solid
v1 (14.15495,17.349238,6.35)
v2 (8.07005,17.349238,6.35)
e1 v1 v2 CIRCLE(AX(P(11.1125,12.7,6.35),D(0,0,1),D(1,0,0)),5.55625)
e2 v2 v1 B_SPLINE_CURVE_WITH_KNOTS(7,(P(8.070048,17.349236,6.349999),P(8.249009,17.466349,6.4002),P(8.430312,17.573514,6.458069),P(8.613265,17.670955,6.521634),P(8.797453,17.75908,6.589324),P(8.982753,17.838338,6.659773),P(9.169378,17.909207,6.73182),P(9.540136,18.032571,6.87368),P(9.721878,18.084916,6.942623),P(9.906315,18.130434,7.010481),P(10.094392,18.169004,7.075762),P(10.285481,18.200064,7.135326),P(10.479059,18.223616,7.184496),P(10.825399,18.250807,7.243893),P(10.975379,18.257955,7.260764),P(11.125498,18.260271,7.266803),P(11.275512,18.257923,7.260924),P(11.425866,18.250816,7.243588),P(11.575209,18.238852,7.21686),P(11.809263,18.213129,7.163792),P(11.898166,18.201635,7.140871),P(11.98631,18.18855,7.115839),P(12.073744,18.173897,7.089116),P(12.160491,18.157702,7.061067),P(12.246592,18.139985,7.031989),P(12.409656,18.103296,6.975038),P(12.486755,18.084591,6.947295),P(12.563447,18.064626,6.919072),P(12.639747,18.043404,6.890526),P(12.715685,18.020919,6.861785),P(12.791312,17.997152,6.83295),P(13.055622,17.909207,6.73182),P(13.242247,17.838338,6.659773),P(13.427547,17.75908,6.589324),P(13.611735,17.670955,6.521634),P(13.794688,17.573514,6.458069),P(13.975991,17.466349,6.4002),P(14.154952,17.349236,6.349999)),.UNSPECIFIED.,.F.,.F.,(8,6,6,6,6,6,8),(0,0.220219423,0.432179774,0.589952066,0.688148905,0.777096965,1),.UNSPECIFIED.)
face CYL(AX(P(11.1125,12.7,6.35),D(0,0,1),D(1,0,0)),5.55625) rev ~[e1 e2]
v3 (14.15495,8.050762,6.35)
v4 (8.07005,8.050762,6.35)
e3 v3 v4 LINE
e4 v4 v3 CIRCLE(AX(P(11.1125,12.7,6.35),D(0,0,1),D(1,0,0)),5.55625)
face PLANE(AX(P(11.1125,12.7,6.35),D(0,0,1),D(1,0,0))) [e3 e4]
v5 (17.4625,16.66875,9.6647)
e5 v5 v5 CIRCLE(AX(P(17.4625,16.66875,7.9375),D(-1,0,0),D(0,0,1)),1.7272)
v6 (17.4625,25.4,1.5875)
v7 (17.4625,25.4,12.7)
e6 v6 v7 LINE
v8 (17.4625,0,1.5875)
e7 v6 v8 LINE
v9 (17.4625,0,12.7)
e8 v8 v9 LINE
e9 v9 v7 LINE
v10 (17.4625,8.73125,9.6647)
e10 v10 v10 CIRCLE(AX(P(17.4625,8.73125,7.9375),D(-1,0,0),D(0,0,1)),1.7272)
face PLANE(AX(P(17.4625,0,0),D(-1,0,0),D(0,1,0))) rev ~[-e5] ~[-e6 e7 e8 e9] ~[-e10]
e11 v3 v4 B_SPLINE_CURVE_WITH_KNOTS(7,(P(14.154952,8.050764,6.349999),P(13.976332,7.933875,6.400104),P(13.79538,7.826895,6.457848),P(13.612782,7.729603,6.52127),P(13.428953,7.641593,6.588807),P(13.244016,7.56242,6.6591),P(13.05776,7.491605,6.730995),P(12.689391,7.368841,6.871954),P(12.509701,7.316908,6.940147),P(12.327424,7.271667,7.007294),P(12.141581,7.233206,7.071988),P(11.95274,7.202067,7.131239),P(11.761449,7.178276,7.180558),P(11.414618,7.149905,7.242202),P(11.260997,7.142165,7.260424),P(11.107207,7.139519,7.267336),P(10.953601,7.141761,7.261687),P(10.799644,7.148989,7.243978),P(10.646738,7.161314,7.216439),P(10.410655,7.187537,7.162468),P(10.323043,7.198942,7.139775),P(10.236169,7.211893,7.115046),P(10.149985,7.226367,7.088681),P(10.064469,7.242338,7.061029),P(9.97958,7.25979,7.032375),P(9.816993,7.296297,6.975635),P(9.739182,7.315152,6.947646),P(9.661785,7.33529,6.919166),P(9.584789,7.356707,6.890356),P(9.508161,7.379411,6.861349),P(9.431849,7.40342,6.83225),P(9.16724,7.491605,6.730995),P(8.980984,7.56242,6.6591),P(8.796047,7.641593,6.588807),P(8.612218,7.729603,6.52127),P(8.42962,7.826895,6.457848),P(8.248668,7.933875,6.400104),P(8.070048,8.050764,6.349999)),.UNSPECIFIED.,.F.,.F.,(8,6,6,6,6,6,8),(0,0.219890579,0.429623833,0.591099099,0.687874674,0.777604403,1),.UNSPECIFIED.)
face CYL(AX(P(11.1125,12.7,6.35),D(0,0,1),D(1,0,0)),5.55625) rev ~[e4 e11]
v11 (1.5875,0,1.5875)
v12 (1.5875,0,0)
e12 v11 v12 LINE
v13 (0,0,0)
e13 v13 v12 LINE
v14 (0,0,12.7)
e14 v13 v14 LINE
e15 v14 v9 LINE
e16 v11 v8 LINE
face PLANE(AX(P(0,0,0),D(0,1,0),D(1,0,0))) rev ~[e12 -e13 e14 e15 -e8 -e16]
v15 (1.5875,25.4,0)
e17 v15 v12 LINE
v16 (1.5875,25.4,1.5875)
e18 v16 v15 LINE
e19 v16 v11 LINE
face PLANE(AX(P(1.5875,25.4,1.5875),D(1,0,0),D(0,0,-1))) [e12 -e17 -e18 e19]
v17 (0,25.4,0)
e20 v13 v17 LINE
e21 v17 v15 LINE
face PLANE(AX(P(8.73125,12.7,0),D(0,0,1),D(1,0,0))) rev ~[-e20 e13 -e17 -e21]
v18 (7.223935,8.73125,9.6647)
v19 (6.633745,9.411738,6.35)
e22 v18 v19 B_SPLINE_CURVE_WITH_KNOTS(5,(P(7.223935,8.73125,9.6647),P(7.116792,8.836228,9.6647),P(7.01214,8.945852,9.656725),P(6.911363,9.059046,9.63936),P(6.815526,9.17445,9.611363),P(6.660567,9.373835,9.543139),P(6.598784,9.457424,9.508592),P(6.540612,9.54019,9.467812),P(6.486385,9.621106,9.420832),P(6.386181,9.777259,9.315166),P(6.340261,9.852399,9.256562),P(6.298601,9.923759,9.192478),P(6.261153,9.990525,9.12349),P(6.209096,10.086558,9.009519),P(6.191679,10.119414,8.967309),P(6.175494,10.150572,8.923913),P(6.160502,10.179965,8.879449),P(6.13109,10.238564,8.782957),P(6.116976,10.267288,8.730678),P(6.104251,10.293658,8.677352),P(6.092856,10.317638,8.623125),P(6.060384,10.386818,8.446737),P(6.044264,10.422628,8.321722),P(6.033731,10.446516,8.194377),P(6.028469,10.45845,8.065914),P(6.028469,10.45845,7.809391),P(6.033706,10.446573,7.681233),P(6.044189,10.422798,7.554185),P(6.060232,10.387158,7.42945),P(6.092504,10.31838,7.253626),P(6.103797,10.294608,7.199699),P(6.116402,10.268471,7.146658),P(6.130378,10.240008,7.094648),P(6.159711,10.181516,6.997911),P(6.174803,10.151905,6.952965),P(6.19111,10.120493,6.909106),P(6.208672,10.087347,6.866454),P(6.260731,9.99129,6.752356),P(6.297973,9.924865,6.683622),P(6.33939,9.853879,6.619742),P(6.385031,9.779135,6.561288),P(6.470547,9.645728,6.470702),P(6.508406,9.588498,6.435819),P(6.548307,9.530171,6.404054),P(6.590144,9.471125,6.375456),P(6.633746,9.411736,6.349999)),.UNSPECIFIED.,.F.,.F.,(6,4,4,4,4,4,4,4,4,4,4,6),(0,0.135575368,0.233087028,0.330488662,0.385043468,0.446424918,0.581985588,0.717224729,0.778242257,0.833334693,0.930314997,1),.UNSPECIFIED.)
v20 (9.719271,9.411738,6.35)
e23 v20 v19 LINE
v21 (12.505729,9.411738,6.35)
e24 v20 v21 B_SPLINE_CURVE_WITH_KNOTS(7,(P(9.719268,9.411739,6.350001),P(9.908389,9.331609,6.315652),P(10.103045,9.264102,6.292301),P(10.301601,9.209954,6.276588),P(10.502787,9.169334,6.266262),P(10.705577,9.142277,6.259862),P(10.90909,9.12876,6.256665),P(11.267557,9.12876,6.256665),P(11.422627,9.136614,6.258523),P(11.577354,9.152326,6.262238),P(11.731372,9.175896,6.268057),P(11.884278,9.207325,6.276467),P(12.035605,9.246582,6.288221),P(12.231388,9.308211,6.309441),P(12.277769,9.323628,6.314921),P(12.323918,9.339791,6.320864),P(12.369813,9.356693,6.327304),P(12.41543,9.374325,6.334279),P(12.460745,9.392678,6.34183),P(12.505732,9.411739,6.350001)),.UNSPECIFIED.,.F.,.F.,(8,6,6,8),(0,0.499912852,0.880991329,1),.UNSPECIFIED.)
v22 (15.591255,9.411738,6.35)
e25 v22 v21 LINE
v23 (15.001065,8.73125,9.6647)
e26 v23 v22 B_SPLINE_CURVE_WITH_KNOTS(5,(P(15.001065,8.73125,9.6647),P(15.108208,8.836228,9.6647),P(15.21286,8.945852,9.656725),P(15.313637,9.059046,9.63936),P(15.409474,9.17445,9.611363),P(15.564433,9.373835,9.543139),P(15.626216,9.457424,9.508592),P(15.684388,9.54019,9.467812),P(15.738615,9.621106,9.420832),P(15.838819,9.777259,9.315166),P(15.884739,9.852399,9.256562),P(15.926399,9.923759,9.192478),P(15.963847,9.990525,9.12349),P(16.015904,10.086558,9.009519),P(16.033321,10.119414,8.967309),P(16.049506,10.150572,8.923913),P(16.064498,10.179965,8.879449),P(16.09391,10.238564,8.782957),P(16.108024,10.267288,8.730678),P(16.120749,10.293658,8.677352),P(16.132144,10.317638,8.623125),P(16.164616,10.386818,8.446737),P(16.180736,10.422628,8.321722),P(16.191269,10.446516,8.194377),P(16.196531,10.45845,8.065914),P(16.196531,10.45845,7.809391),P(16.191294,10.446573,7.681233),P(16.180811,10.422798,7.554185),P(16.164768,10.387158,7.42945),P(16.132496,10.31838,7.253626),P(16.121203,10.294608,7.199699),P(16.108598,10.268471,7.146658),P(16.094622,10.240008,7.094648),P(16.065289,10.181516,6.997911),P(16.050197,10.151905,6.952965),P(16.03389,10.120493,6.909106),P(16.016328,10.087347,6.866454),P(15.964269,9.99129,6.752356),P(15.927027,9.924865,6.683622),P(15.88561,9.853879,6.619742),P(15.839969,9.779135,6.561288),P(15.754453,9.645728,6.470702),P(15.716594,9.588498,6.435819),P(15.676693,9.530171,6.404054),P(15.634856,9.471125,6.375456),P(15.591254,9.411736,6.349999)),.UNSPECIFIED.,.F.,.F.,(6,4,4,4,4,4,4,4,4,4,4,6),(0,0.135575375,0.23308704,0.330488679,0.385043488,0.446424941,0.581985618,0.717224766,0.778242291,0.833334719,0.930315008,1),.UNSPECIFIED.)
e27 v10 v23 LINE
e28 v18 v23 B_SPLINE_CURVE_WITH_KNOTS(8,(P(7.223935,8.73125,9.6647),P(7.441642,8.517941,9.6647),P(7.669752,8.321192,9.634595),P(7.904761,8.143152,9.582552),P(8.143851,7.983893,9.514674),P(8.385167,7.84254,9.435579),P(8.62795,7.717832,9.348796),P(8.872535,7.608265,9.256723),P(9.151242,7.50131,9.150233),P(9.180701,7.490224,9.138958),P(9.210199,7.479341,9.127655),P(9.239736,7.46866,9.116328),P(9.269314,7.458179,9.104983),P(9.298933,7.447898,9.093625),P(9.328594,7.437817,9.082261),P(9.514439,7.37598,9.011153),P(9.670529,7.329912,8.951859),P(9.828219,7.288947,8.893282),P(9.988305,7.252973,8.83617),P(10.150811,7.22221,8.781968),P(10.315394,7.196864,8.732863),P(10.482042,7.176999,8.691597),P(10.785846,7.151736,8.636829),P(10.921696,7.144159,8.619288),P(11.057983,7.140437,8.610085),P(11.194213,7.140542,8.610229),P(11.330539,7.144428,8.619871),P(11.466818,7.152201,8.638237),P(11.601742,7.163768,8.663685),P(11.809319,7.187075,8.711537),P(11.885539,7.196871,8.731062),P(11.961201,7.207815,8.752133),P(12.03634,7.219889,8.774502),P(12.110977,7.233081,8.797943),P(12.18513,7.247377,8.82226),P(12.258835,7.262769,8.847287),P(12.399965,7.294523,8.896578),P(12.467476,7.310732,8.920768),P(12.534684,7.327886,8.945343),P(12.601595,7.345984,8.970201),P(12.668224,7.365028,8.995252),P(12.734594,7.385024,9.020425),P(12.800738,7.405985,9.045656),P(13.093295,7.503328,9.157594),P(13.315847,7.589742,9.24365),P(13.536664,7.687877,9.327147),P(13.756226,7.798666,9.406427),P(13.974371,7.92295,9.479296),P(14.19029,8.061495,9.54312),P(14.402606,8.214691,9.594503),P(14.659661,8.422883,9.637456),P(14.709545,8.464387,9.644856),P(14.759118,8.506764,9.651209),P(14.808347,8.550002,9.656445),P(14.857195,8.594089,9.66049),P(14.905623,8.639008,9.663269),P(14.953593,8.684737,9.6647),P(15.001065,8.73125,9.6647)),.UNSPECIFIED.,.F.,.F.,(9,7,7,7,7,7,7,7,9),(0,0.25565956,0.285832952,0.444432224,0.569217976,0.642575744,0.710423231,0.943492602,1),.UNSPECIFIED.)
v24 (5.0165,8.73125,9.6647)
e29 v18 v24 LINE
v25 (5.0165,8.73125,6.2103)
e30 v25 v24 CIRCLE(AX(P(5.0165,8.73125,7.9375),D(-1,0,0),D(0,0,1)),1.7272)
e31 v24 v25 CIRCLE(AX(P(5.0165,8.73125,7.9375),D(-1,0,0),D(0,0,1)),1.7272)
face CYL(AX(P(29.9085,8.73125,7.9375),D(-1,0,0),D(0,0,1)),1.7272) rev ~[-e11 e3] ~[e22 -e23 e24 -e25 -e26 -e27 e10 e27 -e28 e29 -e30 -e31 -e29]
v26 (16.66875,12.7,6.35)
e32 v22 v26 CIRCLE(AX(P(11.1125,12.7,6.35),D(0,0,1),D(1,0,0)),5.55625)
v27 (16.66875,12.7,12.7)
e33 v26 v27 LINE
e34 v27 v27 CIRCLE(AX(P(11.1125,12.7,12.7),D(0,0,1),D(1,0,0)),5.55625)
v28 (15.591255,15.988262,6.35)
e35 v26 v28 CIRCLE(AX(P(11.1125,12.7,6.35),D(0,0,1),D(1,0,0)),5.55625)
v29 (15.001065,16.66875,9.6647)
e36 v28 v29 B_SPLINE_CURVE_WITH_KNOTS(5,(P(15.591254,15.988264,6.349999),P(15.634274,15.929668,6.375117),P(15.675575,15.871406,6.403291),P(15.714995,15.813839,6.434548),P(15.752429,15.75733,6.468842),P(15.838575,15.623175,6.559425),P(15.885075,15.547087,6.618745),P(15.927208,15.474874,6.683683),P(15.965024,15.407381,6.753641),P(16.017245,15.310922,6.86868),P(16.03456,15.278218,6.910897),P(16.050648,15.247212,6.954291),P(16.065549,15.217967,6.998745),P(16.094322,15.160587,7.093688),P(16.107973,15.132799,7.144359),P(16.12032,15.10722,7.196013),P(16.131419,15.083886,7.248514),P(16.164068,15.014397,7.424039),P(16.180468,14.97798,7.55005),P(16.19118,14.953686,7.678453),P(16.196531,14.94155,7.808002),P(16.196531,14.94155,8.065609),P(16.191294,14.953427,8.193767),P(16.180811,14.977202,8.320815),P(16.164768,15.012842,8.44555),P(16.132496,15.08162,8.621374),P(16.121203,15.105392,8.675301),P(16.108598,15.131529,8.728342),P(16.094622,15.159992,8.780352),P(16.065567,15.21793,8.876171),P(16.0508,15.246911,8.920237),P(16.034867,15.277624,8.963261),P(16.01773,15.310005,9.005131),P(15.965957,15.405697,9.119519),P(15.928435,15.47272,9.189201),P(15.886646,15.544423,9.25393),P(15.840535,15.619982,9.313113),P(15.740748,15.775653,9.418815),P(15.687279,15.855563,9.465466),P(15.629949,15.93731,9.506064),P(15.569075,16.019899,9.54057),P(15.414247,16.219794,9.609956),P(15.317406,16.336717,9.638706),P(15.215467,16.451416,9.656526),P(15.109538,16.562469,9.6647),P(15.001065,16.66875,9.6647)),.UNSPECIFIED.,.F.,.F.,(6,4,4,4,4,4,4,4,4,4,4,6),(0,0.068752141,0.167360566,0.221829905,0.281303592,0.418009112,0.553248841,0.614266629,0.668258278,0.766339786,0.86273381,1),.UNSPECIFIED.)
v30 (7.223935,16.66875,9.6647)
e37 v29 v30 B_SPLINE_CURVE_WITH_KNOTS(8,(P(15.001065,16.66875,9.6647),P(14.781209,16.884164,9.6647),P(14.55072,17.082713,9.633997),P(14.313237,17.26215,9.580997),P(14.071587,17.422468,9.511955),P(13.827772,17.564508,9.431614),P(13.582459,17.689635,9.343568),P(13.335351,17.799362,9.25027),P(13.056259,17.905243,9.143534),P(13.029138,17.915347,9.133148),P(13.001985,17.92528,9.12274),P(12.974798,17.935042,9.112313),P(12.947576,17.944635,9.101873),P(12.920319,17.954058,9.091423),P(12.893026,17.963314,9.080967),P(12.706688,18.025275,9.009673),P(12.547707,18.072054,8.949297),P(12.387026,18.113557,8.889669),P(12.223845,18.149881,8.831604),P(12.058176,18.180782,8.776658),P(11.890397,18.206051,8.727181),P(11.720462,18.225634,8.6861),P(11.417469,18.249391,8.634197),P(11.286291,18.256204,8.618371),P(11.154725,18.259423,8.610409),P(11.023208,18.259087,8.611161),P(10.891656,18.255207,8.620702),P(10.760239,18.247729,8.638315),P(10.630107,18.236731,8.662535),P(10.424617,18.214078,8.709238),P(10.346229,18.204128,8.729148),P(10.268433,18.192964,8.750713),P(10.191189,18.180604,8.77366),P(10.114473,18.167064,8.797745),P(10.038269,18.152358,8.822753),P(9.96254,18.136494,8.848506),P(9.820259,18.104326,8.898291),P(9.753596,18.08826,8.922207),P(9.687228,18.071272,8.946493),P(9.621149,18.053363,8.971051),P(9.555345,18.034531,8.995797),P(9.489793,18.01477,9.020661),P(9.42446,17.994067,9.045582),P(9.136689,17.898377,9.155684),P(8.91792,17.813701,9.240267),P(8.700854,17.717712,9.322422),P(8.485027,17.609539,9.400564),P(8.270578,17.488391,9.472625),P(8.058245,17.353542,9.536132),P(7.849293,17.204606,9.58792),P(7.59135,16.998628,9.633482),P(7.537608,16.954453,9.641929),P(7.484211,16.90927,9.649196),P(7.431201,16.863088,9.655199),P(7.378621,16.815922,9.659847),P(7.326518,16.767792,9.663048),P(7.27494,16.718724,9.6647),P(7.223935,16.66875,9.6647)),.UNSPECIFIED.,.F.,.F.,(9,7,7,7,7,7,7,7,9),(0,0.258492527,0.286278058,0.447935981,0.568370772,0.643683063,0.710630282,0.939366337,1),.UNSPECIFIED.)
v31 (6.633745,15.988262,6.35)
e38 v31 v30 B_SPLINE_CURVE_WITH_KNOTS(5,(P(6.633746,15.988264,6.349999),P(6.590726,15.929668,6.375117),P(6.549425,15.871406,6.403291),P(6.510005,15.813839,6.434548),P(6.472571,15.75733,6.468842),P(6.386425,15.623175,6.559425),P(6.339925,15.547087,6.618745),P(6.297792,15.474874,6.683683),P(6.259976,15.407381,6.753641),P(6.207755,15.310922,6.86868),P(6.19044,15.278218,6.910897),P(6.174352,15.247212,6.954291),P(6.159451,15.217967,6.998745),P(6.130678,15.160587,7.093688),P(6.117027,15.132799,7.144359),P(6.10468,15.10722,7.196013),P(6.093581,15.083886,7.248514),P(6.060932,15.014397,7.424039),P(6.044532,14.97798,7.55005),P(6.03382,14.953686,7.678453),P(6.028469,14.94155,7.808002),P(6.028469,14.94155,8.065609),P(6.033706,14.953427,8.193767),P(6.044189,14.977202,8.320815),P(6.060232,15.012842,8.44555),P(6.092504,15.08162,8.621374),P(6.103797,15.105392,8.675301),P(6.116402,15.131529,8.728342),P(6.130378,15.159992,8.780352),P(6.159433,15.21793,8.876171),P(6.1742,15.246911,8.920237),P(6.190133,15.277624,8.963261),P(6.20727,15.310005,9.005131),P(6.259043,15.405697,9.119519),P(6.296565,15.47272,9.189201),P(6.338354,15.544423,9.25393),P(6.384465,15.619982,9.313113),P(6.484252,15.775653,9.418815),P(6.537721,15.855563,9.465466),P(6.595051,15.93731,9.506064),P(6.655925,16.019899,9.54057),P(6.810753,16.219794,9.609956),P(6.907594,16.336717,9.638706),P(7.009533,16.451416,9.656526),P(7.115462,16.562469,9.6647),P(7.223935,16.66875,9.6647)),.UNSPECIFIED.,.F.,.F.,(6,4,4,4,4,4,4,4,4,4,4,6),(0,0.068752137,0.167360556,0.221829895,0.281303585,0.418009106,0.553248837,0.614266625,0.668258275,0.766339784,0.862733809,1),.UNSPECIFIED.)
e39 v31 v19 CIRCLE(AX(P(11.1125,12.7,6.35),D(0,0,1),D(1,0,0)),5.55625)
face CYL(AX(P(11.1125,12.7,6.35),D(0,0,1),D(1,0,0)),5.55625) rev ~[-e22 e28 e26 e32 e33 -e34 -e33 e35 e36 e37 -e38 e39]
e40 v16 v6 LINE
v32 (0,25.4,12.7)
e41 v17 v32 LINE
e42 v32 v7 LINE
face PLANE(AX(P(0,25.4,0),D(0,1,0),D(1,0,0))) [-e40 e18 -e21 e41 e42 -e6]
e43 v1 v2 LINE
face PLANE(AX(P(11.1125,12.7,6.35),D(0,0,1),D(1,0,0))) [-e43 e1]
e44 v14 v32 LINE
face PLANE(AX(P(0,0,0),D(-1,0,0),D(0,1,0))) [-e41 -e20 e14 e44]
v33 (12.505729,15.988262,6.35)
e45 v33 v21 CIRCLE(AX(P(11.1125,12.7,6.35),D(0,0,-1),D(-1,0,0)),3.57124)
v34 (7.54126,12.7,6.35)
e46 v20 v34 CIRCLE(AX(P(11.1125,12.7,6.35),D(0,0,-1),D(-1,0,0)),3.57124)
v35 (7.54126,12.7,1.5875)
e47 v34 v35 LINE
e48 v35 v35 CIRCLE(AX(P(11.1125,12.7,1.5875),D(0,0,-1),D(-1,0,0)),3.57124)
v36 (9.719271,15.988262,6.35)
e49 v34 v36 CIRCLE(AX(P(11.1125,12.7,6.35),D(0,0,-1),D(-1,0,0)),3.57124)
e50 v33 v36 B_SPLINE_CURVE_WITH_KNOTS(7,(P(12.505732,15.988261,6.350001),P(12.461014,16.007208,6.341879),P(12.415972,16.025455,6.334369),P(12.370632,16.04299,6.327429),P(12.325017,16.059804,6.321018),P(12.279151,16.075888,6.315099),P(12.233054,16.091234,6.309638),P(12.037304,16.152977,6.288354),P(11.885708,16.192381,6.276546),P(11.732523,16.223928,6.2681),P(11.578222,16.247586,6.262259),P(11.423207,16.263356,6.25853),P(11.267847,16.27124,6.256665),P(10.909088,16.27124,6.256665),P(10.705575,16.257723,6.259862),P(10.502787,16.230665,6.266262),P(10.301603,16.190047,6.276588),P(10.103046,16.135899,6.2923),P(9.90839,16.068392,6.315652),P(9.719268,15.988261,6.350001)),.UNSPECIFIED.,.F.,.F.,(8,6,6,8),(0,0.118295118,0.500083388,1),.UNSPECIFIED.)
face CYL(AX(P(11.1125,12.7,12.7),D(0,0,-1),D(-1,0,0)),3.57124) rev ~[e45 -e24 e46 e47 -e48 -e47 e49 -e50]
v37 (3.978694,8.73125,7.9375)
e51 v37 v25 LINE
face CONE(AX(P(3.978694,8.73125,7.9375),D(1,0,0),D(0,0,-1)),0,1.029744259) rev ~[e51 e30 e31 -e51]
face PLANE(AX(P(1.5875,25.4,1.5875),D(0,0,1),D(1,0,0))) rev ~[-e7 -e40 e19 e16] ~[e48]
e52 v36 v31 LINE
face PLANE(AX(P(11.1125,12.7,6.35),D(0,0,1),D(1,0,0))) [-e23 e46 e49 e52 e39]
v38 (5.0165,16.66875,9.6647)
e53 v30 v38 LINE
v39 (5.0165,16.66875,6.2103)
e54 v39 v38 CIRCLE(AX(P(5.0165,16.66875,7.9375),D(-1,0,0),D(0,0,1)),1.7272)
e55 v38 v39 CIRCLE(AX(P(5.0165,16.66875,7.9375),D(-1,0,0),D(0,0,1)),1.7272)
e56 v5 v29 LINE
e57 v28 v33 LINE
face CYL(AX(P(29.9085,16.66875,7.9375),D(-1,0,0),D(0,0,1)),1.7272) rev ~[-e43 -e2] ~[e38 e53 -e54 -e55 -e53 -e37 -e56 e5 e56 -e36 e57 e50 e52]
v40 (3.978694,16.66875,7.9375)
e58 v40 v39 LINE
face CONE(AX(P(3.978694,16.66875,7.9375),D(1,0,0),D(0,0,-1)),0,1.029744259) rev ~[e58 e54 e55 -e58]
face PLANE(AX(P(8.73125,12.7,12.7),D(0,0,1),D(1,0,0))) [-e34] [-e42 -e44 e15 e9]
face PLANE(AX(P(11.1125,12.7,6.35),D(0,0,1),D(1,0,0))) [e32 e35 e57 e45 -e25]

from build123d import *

# Parameters (mm, degrees)
SKETCH1_W                                        = 17.4625
SKETCH1_H                                        = 25.4
BOSS_EXTRUDE1_DEPTH                              = 12.7
SKETCH2_W                                        = 15.875
SKETCH2_H                                        = 1.5875
CUT_EXTRUDE1_DEPTH                               = 34.3375
F_8_32_TAPPED_HOLE1_D                            = 3.4544
F_8_32_TAPPED_HOLE1_DEPTH                        = 12.446
F_8_32_TAPPED_HOLE1_TIP                          = 1.037806461
CBORE_FOR_1_4_SOCKET_HEAD_CAP_SCREW1_D           = 7.14248
CBORE_FOR_1_4_SOCKET_HEAD_CAP_SCREW1_CBORE_D     = 11.1125
CBORE_FOR_1_4_SOCKET_HEAD_CAP_SCREW1_CBORE_DEPTH = 6.35


with BuildPart() as part:
    # Sketch1 → Boss-Extrude1 (new body)
    with BuildSketch(Plane.XY):
        with Locations((8.73125, 12.7)):
            Rectangle(SKETCH1_W, SKETCH1_H)
    extrude(amount=BOSS_EXTRUDE1_DEPTH)

    # Sketch2 → Cut-Extrude1 (cut, through all)
    with BuildSketch(Plane(origin=(0, 25.4, 0), x_dir=(1, 0, 0), z_dir=(0, 1, 0))):
        with Locations((9.525, -0.79375)):
            Rectangle(SKETCH2_W, SKETCH2_H)
    extrude(amount=-CUT_EXTRUDE1_DEPTH, mode=Mode.SUBTRACT)

    # #8-32 Tapped Hole1
    with Locations(Plane(origin=(17.4625, 0, 0), x_dir=(0, 0, -1), z_dir=(1, 0, 0))):
        with Locations((-7.9375, 16.66875), (-7.9375, 8.73125)):
            Hole(F_8_32_TAPPED_HOLE1_D / 2, depth=F_8_32_TAPPED_HOLE1_DEPTH)
            with Locations((0, 0, -(F_8_32_TAPPED_HOLE1_DEPTH + F_8_32_TAPPED_HOLE1_TIP / 2))):  # 118° drill point
                Cone(0, F_8_32_TAPPED_HOLE1_D / 2, F_8_32_TAPPED_HOLE1_TIP, mode=Mode.SUBTRACT)

    # CBORE for 1/4 Socket Head Cap Screw1 (through all)
    with Locations(Plane.XY.offset(12.7)):
        with Locations((11.1125, 12.7)):
            CounterBoreHole(CBORE_FOR_1_4_SOCKET_HEAD_CAP_SCREW1_D / 2, CBORE_FOR_1_4_SOCKET_HEAD_CAP_SCREW1_CBORE_D / 2, CBORE_FOR_1_4_SOCKET_HEAD_CAP_SCREW1_CBORE_DEPTH)


solid = part.part
